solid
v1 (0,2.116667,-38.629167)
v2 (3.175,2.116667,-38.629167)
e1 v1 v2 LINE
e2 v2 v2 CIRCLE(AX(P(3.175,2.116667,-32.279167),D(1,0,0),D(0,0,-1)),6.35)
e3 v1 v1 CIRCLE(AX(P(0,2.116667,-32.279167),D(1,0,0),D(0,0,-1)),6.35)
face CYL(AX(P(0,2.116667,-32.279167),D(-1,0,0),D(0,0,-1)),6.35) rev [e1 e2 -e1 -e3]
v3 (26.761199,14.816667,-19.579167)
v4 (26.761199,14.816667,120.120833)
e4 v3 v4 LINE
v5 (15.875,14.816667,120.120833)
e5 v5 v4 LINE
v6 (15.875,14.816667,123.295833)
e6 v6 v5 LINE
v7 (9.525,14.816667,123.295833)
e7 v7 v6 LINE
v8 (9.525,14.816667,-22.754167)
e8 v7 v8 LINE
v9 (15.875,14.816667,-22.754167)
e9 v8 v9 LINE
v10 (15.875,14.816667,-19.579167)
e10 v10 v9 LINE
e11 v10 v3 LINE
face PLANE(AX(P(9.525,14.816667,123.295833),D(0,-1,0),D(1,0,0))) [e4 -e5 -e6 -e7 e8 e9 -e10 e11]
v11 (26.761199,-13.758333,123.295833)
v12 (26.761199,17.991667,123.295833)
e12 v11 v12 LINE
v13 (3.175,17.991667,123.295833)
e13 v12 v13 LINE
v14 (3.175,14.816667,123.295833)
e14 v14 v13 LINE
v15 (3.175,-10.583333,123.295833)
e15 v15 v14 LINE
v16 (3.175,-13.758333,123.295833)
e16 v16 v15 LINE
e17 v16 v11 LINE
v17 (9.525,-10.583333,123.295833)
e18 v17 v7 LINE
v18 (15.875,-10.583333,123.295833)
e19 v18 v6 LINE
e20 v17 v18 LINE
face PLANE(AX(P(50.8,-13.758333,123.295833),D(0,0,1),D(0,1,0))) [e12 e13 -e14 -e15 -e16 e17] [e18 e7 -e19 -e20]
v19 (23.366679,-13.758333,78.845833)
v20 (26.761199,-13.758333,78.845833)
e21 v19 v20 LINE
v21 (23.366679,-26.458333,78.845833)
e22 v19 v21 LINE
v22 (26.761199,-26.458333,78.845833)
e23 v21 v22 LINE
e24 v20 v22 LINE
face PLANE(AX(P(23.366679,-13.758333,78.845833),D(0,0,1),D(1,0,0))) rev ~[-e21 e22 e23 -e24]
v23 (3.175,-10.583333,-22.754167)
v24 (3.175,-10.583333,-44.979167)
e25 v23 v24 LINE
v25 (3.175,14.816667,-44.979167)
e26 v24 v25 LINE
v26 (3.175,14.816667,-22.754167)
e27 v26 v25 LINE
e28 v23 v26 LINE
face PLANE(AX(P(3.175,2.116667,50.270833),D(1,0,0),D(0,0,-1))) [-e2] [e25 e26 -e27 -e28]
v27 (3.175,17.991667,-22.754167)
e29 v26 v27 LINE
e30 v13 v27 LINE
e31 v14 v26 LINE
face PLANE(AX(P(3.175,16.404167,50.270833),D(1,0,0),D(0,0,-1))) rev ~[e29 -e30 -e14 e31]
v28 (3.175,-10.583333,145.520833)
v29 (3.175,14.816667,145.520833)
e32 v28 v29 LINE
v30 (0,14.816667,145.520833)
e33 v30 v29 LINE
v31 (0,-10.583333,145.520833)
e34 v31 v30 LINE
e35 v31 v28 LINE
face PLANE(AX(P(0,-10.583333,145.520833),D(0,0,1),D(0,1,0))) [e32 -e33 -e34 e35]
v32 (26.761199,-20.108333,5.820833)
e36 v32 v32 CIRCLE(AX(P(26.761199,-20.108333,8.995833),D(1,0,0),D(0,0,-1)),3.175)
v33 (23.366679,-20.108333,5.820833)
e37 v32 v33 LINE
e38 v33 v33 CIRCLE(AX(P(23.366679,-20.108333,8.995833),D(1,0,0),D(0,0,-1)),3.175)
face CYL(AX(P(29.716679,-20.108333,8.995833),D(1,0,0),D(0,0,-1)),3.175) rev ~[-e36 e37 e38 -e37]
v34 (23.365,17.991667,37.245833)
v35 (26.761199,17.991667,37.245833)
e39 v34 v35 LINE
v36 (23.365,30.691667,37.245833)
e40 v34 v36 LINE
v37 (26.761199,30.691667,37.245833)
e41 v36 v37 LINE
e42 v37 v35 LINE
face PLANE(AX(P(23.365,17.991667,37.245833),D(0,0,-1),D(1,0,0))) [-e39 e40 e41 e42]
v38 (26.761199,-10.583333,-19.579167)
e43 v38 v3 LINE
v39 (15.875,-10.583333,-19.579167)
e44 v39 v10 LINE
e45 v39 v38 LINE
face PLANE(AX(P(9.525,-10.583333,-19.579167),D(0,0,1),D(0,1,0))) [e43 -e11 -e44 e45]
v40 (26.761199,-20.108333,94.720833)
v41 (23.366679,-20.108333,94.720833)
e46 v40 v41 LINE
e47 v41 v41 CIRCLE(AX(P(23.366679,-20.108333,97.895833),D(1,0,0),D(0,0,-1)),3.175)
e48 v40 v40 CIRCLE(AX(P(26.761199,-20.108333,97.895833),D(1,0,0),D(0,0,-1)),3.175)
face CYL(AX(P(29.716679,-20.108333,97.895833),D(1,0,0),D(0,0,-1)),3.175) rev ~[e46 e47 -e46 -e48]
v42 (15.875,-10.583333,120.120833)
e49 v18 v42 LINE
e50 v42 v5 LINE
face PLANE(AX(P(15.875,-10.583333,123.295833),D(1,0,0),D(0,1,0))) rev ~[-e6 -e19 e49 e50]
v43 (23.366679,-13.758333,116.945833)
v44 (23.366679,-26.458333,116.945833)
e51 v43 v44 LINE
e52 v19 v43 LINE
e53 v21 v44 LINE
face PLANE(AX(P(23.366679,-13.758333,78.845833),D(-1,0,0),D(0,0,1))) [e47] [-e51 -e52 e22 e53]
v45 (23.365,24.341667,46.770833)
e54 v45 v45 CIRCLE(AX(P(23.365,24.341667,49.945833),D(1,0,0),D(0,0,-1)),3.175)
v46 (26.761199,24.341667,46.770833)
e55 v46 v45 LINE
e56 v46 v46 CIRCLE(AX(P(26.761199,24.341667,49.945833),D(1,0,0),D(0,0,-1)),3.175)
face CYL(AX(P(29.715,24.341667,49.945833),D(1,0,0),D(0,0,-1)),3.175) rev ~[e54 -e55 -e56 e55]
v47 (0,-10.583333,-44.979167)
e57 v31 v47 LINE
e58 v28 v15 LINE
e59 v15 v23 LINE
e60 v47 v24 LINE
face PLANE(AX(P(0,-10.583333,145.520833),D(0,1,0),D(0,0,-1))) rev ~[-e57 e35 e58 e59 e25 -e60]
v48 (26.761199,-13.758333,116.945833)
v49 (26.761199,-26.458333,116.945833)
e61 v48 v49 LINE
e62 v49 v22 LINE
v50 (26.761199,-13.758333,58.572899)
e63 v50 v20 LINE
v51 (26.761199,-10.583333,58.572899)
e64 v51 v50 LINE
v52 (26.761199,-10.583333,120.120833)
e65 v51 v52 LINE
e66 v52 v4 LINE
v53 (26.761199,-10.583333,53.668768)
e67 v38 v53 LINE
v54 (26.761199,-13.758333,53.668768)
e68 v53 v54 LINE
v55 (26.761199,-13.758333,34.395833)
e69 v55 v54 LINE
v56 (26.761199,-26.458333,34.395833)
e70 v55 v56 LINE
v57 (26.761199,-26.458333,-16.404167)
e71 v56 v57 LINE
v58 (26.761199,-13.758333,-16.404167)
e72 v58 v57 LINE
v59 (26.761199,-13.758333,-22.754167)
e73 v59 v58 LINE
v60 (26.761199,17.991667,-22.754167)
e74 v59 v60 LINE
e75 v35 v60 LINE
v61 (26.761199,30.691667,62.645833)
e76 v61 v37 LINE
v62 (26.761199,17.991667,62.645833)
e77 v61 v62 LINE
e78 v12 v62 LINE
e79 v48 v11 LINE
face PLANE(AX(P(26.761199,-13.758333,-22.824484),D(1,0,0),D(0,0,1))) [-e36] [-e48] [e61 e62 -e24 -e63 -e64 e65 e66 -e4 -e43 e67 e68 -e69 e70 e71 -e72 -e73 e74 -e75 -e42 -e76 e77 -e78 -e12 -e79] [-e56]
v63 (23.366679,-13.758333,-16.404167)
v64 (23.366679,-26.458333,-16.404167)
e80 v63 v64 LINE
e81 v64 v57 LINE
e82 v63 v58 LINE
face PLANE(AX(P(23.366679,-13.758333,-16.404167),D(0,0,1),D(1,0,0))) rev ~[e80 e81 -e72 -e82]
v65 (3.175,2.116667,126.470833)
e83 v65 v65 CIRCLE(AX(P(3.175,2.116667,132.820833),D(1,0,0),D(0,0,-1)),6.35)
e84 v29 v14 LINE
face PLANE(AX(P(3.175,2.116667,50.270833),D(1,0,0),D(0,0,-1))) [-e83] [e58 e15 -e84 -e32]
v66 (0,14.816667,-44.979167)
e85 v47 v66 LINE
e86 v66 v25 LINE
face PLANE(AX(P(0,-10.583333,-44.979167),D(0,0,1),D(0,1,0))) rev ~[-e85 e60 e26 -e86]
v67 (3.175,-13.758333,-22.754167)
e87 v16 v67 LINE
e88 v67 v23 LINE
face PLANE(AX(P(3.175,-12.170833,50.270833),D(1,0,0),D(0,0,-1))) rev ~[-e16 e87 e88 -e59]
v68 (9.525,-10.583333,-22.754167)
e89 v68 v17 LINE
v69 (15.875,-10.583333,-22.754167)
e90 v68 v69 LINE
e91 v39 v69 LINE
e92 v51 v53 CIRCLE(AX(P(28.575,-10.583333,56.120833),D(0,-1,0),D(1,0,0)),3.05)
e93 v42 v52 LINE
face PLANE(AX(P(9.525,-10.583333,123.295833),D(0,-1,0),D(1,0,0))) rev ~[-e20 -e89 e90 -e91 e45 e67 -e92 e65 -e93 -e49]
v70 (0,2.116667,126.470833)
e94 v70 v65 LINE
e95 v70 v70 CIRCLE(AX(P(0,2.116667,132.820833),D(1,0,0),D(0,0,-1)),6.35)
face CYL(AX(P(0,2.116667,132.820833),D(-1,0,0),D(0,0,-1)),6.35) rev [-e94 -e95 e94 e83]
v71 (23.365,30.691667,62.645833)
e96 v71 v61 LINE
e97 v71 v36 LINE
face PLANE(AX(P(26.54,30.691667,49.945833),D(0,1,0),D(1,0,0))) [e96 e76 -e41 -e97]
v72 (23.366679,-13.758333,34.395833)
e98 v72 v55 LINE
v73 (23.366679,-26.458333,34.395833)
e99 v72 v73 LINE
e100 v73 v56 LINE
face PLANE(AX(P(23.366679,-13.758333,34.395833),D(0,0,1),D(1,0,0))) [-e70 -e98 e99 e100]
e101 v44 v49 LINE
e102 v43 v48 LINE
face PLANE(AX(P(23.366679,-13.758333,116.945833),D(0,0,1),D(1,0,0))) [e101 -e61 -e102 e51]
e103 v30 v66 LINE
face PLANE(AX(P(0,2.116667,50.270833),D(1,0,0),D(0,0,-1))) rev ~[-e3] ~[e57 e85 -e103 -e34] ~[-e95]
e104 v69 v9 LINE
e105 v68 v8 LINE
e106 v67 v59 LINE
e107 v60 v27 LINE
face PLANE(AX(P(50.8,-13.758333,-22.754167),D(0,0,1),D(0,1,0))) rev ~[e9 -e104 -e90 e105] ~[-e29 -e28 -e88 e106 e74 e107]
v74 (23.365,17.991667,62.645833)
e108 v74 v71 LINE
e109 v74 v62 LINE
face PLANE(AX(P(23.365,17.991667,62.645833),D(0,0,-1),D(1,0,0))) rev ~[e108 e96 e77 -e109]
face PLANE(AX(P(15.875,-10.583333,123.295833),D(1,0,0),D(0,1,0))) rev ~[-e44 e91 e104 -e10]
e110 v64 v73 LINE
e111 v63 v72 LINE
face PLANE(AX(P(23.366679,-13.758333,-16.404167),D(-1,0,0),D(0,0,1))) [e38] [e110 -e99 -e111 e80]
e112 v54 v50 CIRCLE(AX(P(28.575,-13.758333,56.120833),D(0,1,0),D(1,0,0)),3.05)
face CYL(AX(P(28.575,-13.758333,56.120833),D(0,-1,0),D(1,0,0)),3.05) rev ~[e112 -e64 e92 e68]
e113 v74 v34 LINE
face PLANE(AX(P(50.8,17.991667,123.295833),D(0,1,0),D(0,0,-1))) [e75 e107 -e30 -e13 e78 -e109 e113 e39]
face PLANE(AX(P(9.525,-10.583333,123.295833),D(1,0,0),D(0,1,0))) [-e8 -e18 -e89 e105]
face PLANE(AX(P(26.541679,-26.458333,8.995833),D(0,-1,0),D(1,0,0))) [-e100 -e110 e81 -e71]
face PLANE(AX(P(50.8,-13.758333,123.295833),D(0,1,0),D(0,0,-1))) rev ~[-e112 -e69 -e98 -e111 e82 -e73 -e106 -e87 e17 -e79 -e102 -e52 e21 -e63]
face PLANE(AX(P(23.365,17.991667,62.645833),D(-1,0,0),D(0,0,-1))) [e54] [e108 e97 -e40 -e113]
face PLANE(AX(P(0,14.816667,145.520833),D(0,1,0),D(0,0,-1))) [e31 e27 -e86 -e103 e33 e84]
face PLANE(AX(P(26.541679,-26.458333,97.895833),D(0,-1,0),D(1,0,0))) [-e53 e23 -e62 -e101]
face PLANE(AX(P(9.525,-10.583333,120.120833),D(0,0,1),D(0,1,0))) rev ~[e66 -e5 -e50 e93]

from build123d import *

# Parameters (mm, degrees)
SKETCH1_W               = 190.5
SKETCH1_H               = 25.4
SKETCH1_R               = 6.35
BOSS_EXTRUDE1_DEPTH     = 3.175
SKETCH2_W               = 146.05
SKETCH2_H               = 3.175
BOSS_EXTRUDE2_DEPTH     = 47.625
BOSS_EXTRUDE2_2_DEPTH   = 47.625
SKETCH3_W               = 146.05
SKETCH3_H               = 25.4
BOSS_EXTRUDE4_DEPTH     = 6.35
SKETCH4_W               = 3.175
SKETCH4_H               = 25.4
BOSS_EXTRUDE5_DEPTH     = 41.275
SKETCH5_W               = 6.35
SKETCH5_H               = 25.4
CUT_EXTRUDE1_DEPTH      = 165.45
SKETCH7_W               = 146.05
SKETCH7_H               = 31.75
BOSS_EXTRUDE7_DEPTH     = 3.175
FILLET1_R               = 10
SKETCH8_R               = 3.05
CUT_EXTRUDE2_DEPTH      = 3.175
SKETCH9_W               = 6.35
SKETCH9_H               = 38.1
SKETCH9_H_2             = 50.8
BOSS_EXTRUDE8_DEPTH     = 12.7
SKETCH10_R              = 3.175
CUT_EXTRUDE3_DEPTH      = 12.7
SKETCH11_W              = 6.35
SKETCH11_H              = 25.4
BOSS_EXTRUDE9_DEPTH     = 12.7
SKETCH12_R              = 3.175
CUT_EXTRUDE4_DEPTH      = 12.7
SKETCH13_W              = 28.740264125
SKETCH13_H              = 146.120317421
CUT_EXTRUDE5_DEPTH      = 50.8
CUT_EXTRUDE5_DEPTH_BACK = 50.8


with BuildPart() as part:
    # Sketch1 → Boss-Extrude1 (new body)
    with BuildSketch(Plane(origin=(0, 0, 0), x_dir=(0, 0, -1), z_dir=(1, 0, 0))):
        with Locations((-50.270833333, 2.116666667)):
            Rectangle(SKETCH1_W, SKETCH1_H)
        with Locations((32.279166667, 2.116666667)):
            Circle(SKETCH1_R, mode=Mode.SUBTRACT)
        with Locations((-132.820833333, 2.116666667)):
            Circle(SKETCH1_R, mode=Mode.SUBTRACT)
    extrude(amount=BOSS_EXTRUDE1_DEPTH)



with BuildPart() as body_2:
    # Sketch2 → Boss-Extrude2 (new body)
    with BuildSketch(Plane(origin=(3.175, 0, 0), x_dir=(0, 0, -1), z_dir=(1, 0, 0))):
        with Locations((-50.270833333, 16.404166667)):
            Rectangle(SKETCH2_W, SKETCH2_H)
    extrude(amount=BOSS_EXTRUDE2_DEPTH)


with BuildPart() as body_3:
    # Sketch2 → Boss-Extrude2 2 (new body)
    with BuildSketch(Plane(origin=(3.175, 0, 0), x_dir=(0, 0, -1), z_dir=(1, 0, 0))):
        with Locations((-50.270833333, -12.170833333)):
            Rectangle(SKETCH2_W, SKETCH2_H)
    extrude(amount=BOSS_EXTRUDE2_2_DEPTH)


with BuildPart() as part_1:
    add(part.part)

    add(body_2.part)  # Boss-Extrude4 merges body 2

    add(body_3.part)  # Boss-Extrude4 merges body 3
    # Sketch3 → Boss-Extrude4 (add)
    with BuildSketch(Plane(origin=(3.175, 0, 0), x_dir=(0, 0, -1), z_dir=(1, 0, 0))):
        with Locations((-50.270833333, 2.116666667)):
            Rectangle(SKETCH3_W, SKETCH3_H)
    extrude(amount=BOSS_EXTRUDE4_DEPTH)

    # Sketch4 → Boss-Extrude5 (add)
    with BuildSketch(Plane(origin=(9.525, 0, 0), x_dir=(0, 0, -1), z_dir=(1, 0, 0))):
        with Locations((-121.708333333, 2.116666667)):
            Rectangle(SKETCH4_W, SKETCH4_H)
        with Locations((21.166666667, 2.116666667)):
            Rectangle(SKETCH4_W, SKETCH4_H)
    extrude(amount=BOSS_EXTRUDE5_DEPTH)

    # Sketch5 → Cut-Extrude1 (cut)
    with BuildSketch(Plane.XY.offset(123.295833333)):
        with Locations((12.7, 2.116666667)):
            Rectangle(SKETCH5_W, SKETCH5_H)
    extrude(amount=-CUT_EXTRUDE1_DEPTH, mode=Mode.SUBTRACT)

    # Sketch7 → Boss-Extrude7 (add)
    with BuildSketch(Plane(origin=(50.8, 0, 0), x_dir=(0, 0, -1), z_dir=(1, 0, 0))):
        with Locations((-50.270833333, 2.116666667)):
            Rectangle(SKETCH7_W, SKETCH7_H)
    extrude(amount=BOSS_EXTRUDE7_DEPTH)

    # Fillet1
    fillet1_edges = [part_1.edges().sort_by_distance(p)[0] for p in [
        (53.975, 2.116666667, 123.295833333),
        (53.975, -13.758333333, 50.270833333),
        (53.975, 2.116666667, -22.754166667),
        (53.975, 17.991666667, 50.270833333),
    ]]
    fillet(fillet1_edges, radius=FILLET1_R)

    # Sketch8 → Cut-Extrude2 (cut)
    with BuildSketch(Plane.XZ.offset(13.758333333)):
        with Locations((28.575, 56.120833333)):
            Circle(SKETCH8_R)
    extrude(amount=-CUT_EXTRUDE2_DEPTH, mode=Mode.SUBTRACT)

    # Sketch9 → Boss-Extrude8 (add)
    with BuildSketch(Plane.XZ.offset(13.758333333)):
        with Locations((26.541679323, 97.895833333)):
            Rectangle(SKETCH9_W, SKETCH9_H)
        with Locations((26.541679323, 8.995833333)):
            Rectangle(SKETCH9_W, SKETCH9_H_2)
    extrude(amount=BOSS_EXTRUDE8_DEPTH)

    # Sketch10 → Cut-Extrude3 (cut)
    with BuildSketch(Plane(origin=(29.716679323, 0, 0), x_dir=(0, 0, -1), z_dir=(1, 0, 0))):
        with Locations((-97.895833333, -20.108333333)):
            Circle(SKETCH10_R)
        with Locations((-8.995833333, -20.108333333)):
            Circle(SKETCH10_R)
    extrude(amount=-CUT_EXTRUDE3_DEPTH, mode=Mode.SUBTRACT)

    # Sketch11 → Boss-Extrude9 (add)
    with BuildSketch(Plane(origin=(0, 17.991666667, 0), x_dir=(1, 0, 0), z_dir=(0, 1, 0))):
        with Locations((26.54, -49.945833333)):
            Rectangle(SKETCH11_W, SKETCH11_H)
    extrude(amount=BOSS_EXTRUDE9_DEPTH)

    # Sketch12 → Cut-Extrude4 (cut)
    with BuildSketch(Plane(origin=(29.715, 0, 0), x_dir=(0, 0, -1), z_dir=(1, 0, 0))):
        with Locations((-49.945833333, 24.341666667)):
            Circle(SKETCH12_R)
    extrude(amount=-CUT_EXTRUDE4_DEPTH, mode=Mode.SUBTRACT)

    # Sketch13 → Cut-Extrude5 (cut, two sides)
    with BuildSketch(Plane.XZ.offset(13.758333333)) as cut_extrude5_sk:
        with Locations((41.13133077, 50.235674622)):
            Rectangle(SKETCH13_W, SKETCH13_H)
    extrude(amount=CUT_EXTRUDE5_DEPTH, mode=Mode.SUBTRACT)
    extrude(cut_extrude5_sk.sketch, amount=-CUT_EXTRUDE5_DEPTH_BACK, mode=Mode.SUBTRACT)


solid = part_1.part
